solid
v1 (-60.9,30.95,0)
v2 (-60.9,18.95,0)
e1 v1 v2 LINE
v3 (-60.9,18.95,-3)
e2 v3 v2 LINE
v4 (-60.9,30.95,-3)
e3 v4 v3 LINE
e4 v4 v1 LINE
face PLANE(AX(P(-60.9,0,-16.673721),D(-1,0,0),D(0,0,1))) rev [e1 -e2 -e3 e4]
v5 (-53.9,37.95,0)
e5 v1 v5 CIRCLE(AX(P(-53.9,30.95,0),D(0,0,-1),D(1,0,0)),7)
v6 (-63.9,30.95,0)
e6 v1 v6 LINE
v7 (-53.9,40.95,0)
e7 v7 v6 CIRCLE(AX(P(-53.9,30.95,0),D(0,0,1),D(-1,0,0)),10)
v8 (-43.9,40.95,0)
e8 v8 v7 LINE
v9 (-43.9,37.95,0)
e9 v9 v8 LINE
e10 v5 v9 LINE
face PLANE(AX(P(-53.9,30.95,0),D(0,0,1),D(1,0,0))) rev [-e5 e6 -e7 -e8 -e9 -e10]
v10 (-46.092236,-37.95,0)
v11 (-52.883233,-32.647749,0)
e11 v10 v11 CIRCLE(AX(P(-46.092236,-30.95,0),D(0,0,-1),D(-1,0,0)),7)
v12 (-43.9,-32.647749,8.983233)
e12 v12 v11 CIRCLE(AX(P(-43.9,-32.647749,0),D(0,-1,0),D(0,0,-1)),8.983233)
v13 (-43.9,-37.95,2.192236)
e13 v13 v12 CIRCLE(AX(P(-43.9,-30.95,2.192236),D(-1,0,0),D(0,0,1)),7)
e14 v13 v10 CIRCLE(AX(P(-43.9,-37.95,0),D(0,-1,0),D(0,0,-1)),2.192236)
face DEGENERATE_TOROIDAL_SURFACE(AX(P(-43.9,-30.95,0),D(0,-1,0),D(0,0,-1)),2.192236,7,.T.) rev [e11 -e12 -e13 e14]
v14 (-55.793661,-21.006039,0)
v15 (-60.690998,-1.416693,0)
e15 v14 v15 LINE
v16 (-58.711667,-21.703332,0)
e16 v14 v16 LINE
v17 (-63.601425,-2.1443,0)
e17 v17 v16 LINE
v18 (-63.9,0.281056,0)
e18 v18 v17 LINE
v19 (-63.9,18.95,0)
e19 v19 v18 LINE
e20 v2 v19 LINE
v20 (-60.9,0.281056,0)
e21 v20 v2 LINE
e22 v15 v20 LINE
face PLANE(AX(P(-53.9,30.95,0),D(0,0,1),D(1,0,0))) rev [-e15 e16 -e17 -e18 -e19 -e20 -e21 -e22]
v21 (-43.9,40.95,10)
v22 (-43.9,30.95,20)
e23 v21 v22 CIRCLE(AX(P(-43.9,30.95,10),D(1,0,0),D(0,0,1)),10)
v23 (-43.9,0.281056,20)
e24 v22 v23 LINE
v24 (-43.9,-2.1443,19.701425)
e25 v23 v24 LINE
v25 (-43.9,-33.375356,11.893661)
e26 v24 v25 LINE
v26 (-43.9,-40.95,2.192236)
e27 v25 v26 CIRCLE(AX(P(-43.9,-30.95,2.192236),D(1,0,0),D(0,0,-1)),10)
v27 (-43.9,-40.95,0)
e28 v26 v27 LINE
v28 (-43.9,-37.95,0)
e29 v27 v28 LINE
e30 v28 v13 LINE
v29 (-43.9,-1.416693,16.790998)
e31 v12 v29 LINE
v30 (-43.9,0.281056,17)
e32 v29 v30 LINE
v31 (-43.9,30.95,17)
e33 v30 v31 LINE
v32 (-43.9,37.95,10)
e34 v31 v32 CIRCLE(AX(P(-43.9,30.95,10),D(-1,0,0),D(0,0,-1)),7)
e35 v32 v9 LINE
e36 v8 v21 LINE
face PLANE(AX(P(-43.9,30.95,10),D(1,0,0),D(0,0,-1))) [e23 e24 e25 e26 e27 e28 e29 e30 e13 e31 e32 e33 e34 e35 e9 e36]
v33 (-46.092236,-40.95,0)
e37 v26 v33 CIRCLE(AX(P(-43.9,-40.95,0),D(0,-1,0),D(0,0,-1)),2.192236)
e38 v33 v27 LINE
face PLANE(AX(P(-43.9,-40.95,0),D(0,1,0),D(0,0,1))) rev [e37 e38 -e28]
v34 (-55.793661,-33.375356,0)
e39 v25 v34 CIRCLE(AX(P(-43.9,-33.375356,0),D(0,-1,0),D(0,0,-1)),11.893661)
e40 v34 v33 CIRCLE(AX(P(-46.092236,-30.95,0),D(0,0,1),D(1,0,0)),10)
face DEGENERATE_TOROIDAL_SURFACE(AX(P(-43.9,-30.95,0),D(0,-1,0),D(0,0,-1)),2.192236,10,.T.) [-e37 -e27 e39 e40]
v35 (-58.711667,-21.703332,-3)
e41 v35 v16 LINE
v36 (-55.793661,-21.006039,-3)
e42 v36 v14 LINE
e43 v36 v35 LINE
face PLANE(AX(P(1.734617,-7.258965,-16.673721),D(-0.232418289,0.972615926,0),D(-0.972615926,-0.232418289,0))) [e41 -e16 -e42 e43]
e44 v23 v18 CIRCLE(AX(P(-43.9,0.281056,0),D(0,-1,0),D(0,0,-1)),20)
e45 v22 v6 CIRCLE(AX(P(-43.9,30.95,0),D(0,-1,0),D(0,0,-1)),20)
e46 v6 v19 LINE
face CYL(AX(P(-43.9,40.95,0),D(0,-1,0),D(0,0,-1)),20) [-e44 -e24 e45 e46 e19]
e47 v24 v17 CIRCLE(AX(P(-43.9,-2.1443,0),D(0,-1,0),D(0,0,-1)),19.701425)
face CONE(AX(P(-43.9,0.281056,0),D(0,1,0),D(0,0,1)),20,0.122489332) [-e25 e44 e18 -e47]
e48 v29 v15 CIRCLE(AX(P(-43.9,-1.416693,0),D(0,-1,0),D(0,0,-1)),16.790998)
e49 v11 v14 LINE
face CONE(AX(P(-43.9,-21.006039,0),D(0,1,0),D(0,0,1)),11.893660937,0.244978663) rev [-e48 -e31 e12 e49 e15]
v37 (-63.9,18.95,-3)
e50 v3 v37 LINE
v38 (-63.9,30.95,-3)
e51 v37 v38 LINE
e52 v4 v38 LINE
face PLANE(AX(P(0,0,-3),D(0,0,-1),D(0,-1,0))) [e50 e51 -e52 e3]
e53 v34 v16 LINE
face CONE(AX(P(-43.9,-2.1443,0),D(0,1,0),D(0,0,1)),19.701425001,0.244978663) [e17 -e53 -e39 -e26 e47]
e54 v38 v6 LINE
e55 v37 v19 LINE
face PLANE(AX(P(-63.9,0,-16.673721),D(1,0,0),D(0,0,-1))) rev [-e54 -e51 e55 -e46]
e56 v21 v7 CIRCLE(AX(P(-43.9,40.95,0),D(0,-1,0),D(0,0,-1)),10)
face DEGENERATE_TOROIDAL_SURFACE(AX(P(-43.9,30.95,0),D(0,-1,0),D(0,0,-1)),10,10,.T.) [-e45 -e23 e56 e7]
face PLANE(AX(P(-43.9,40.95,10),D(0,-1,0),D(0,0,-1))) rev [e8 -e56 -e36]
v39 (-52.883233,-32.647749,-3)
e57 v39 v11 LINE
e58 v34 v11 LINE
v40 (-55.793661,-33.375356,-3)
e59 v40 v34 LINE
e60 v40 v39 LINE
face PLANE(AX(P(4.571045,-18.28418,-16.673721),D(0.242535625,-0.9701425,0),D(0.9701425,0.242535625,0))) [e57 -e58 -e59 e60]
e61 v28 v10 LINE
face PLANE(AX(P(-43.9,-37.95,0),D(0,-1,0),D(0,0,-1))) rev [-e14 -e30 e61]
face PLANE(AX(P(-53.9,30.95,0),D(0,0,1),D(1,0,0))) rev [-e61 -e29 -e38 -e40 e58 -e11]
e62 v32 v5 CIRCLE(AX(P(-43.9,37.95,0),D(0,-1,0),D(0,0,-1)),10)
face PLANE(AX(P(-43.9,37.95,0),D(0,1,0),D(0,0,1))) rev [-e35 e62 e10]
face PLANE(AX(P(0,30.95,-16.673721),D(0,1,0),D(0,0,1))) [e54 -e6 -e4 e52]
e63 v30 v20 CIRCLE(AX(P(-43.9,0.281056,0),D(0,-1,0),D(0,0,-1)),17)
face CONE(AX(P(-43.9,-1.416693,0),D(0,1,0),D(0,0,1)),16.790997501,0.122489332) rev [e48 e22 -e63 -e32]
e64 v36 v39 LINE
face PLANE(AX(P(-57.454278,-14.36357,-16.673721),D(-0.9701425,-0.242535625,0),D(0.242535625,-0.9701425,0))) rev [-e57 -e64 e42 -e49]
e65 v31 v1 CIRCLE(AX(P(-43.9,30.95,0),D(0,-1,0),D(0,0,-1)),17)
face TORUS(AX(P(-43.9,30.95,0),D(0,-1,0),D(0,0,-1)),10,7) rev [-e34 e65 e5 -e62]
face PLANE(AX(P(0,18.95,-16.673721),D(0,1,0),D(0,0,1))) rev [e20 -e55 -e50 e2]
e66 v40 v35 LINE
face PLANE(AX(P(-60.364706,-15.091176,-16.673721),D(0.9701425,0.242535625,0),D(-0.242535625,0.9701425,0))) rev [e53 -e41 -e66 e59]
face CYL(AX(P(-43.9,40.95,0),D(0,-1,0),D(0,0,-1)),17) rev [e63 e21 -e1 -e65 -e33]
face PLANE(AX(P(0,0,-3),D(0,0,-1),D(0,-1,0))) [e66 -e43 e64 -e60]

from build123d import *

# Parameters (mm, degrees)
REVOLVE2_ANGLE      = 90
SKETCH3_W           = 3
SKETCH3_H           = 12
BOSS_EXTRUDE1_DEPTH = 3


with BuildPart() as part:
    # Sketch1 → Revolve2 (revolve)
    with BuildSketch(Plane.XY):
        with BuildLine():
            Line((-55.793660937, -33.37535625), (-63.601425001, -2.144299994))
            Line((-63.601425001, -2.144299994), (-63.9, 0.281056256))
            Line((-63.9, 0.281056256), (-63.9, 30.95))
            ThreePointArc((-63.9, 30.95), (-60.971067812, 38.021067812), (-53.9, 40.95))
            Line((-53.9, 40.95), (-43.9, 40.95))
            Line((-43.9, 40.95), (-43.9, 37.95))
            Line((-43.9, 37.95), (-53.9, 37.95))
            ThreePointArc((-53.9, 37.95), (-58.849747468, 35.899747468), (-60.9, 30.95))
            Line((-60.9, 30.95), (-60.9, 0.281056256))
            Line((-60.9, 0.281056256), (-60.690997501, -1.416693119))
            Line((-60.690997501, -1.416693119), (-55.793660937, -21.006039374))
            Line((-55.793660937, -21.006039374), (-52.883233437, -32.647749375))
            ThreePointArc((-52.883233437, -32.647749375), (-50.400121402, -36.467438066), (-46.092235936, -37.95))
            Line((-46.092235936, -37.95), (-43.9, -37.95))
            Line((-43.9, -37.95), (-43.9, -40.95))
            Line((-43.9, -40.95), (-46.092235936, -40.95))
            ThreePointArc((-46.092235936, -40.95), (-52.24635803, -38.83205438), (-55.793660937, -33.37535625))
        make_face()
    revolve(axis=Axis((-43.9, 40.95, 0), (0, 1, 0)), revolution_arc=REVOLVE2_ANGLE)

    # Sketch3 → Boss-Extrude1 (add)
    with BuildSketch(Plane(origin=(0, 0, 0), x_dir=(-1, 0, 0), z_dir=(0, 0, -1))):
        Polygon((55.793660937, -33.37535625), (58.711666985, -21.70333206), (55.793660937, -21.006039374), (52.883233437, -32.647749375), align=None)
        with Locations((62.4, 24.95)):
            Rectangle(SKETCH3_W, SKETCH3_H)
    extrude(amount=BOSS_EXTRUDE1_DEPTH)


solid = part.part
